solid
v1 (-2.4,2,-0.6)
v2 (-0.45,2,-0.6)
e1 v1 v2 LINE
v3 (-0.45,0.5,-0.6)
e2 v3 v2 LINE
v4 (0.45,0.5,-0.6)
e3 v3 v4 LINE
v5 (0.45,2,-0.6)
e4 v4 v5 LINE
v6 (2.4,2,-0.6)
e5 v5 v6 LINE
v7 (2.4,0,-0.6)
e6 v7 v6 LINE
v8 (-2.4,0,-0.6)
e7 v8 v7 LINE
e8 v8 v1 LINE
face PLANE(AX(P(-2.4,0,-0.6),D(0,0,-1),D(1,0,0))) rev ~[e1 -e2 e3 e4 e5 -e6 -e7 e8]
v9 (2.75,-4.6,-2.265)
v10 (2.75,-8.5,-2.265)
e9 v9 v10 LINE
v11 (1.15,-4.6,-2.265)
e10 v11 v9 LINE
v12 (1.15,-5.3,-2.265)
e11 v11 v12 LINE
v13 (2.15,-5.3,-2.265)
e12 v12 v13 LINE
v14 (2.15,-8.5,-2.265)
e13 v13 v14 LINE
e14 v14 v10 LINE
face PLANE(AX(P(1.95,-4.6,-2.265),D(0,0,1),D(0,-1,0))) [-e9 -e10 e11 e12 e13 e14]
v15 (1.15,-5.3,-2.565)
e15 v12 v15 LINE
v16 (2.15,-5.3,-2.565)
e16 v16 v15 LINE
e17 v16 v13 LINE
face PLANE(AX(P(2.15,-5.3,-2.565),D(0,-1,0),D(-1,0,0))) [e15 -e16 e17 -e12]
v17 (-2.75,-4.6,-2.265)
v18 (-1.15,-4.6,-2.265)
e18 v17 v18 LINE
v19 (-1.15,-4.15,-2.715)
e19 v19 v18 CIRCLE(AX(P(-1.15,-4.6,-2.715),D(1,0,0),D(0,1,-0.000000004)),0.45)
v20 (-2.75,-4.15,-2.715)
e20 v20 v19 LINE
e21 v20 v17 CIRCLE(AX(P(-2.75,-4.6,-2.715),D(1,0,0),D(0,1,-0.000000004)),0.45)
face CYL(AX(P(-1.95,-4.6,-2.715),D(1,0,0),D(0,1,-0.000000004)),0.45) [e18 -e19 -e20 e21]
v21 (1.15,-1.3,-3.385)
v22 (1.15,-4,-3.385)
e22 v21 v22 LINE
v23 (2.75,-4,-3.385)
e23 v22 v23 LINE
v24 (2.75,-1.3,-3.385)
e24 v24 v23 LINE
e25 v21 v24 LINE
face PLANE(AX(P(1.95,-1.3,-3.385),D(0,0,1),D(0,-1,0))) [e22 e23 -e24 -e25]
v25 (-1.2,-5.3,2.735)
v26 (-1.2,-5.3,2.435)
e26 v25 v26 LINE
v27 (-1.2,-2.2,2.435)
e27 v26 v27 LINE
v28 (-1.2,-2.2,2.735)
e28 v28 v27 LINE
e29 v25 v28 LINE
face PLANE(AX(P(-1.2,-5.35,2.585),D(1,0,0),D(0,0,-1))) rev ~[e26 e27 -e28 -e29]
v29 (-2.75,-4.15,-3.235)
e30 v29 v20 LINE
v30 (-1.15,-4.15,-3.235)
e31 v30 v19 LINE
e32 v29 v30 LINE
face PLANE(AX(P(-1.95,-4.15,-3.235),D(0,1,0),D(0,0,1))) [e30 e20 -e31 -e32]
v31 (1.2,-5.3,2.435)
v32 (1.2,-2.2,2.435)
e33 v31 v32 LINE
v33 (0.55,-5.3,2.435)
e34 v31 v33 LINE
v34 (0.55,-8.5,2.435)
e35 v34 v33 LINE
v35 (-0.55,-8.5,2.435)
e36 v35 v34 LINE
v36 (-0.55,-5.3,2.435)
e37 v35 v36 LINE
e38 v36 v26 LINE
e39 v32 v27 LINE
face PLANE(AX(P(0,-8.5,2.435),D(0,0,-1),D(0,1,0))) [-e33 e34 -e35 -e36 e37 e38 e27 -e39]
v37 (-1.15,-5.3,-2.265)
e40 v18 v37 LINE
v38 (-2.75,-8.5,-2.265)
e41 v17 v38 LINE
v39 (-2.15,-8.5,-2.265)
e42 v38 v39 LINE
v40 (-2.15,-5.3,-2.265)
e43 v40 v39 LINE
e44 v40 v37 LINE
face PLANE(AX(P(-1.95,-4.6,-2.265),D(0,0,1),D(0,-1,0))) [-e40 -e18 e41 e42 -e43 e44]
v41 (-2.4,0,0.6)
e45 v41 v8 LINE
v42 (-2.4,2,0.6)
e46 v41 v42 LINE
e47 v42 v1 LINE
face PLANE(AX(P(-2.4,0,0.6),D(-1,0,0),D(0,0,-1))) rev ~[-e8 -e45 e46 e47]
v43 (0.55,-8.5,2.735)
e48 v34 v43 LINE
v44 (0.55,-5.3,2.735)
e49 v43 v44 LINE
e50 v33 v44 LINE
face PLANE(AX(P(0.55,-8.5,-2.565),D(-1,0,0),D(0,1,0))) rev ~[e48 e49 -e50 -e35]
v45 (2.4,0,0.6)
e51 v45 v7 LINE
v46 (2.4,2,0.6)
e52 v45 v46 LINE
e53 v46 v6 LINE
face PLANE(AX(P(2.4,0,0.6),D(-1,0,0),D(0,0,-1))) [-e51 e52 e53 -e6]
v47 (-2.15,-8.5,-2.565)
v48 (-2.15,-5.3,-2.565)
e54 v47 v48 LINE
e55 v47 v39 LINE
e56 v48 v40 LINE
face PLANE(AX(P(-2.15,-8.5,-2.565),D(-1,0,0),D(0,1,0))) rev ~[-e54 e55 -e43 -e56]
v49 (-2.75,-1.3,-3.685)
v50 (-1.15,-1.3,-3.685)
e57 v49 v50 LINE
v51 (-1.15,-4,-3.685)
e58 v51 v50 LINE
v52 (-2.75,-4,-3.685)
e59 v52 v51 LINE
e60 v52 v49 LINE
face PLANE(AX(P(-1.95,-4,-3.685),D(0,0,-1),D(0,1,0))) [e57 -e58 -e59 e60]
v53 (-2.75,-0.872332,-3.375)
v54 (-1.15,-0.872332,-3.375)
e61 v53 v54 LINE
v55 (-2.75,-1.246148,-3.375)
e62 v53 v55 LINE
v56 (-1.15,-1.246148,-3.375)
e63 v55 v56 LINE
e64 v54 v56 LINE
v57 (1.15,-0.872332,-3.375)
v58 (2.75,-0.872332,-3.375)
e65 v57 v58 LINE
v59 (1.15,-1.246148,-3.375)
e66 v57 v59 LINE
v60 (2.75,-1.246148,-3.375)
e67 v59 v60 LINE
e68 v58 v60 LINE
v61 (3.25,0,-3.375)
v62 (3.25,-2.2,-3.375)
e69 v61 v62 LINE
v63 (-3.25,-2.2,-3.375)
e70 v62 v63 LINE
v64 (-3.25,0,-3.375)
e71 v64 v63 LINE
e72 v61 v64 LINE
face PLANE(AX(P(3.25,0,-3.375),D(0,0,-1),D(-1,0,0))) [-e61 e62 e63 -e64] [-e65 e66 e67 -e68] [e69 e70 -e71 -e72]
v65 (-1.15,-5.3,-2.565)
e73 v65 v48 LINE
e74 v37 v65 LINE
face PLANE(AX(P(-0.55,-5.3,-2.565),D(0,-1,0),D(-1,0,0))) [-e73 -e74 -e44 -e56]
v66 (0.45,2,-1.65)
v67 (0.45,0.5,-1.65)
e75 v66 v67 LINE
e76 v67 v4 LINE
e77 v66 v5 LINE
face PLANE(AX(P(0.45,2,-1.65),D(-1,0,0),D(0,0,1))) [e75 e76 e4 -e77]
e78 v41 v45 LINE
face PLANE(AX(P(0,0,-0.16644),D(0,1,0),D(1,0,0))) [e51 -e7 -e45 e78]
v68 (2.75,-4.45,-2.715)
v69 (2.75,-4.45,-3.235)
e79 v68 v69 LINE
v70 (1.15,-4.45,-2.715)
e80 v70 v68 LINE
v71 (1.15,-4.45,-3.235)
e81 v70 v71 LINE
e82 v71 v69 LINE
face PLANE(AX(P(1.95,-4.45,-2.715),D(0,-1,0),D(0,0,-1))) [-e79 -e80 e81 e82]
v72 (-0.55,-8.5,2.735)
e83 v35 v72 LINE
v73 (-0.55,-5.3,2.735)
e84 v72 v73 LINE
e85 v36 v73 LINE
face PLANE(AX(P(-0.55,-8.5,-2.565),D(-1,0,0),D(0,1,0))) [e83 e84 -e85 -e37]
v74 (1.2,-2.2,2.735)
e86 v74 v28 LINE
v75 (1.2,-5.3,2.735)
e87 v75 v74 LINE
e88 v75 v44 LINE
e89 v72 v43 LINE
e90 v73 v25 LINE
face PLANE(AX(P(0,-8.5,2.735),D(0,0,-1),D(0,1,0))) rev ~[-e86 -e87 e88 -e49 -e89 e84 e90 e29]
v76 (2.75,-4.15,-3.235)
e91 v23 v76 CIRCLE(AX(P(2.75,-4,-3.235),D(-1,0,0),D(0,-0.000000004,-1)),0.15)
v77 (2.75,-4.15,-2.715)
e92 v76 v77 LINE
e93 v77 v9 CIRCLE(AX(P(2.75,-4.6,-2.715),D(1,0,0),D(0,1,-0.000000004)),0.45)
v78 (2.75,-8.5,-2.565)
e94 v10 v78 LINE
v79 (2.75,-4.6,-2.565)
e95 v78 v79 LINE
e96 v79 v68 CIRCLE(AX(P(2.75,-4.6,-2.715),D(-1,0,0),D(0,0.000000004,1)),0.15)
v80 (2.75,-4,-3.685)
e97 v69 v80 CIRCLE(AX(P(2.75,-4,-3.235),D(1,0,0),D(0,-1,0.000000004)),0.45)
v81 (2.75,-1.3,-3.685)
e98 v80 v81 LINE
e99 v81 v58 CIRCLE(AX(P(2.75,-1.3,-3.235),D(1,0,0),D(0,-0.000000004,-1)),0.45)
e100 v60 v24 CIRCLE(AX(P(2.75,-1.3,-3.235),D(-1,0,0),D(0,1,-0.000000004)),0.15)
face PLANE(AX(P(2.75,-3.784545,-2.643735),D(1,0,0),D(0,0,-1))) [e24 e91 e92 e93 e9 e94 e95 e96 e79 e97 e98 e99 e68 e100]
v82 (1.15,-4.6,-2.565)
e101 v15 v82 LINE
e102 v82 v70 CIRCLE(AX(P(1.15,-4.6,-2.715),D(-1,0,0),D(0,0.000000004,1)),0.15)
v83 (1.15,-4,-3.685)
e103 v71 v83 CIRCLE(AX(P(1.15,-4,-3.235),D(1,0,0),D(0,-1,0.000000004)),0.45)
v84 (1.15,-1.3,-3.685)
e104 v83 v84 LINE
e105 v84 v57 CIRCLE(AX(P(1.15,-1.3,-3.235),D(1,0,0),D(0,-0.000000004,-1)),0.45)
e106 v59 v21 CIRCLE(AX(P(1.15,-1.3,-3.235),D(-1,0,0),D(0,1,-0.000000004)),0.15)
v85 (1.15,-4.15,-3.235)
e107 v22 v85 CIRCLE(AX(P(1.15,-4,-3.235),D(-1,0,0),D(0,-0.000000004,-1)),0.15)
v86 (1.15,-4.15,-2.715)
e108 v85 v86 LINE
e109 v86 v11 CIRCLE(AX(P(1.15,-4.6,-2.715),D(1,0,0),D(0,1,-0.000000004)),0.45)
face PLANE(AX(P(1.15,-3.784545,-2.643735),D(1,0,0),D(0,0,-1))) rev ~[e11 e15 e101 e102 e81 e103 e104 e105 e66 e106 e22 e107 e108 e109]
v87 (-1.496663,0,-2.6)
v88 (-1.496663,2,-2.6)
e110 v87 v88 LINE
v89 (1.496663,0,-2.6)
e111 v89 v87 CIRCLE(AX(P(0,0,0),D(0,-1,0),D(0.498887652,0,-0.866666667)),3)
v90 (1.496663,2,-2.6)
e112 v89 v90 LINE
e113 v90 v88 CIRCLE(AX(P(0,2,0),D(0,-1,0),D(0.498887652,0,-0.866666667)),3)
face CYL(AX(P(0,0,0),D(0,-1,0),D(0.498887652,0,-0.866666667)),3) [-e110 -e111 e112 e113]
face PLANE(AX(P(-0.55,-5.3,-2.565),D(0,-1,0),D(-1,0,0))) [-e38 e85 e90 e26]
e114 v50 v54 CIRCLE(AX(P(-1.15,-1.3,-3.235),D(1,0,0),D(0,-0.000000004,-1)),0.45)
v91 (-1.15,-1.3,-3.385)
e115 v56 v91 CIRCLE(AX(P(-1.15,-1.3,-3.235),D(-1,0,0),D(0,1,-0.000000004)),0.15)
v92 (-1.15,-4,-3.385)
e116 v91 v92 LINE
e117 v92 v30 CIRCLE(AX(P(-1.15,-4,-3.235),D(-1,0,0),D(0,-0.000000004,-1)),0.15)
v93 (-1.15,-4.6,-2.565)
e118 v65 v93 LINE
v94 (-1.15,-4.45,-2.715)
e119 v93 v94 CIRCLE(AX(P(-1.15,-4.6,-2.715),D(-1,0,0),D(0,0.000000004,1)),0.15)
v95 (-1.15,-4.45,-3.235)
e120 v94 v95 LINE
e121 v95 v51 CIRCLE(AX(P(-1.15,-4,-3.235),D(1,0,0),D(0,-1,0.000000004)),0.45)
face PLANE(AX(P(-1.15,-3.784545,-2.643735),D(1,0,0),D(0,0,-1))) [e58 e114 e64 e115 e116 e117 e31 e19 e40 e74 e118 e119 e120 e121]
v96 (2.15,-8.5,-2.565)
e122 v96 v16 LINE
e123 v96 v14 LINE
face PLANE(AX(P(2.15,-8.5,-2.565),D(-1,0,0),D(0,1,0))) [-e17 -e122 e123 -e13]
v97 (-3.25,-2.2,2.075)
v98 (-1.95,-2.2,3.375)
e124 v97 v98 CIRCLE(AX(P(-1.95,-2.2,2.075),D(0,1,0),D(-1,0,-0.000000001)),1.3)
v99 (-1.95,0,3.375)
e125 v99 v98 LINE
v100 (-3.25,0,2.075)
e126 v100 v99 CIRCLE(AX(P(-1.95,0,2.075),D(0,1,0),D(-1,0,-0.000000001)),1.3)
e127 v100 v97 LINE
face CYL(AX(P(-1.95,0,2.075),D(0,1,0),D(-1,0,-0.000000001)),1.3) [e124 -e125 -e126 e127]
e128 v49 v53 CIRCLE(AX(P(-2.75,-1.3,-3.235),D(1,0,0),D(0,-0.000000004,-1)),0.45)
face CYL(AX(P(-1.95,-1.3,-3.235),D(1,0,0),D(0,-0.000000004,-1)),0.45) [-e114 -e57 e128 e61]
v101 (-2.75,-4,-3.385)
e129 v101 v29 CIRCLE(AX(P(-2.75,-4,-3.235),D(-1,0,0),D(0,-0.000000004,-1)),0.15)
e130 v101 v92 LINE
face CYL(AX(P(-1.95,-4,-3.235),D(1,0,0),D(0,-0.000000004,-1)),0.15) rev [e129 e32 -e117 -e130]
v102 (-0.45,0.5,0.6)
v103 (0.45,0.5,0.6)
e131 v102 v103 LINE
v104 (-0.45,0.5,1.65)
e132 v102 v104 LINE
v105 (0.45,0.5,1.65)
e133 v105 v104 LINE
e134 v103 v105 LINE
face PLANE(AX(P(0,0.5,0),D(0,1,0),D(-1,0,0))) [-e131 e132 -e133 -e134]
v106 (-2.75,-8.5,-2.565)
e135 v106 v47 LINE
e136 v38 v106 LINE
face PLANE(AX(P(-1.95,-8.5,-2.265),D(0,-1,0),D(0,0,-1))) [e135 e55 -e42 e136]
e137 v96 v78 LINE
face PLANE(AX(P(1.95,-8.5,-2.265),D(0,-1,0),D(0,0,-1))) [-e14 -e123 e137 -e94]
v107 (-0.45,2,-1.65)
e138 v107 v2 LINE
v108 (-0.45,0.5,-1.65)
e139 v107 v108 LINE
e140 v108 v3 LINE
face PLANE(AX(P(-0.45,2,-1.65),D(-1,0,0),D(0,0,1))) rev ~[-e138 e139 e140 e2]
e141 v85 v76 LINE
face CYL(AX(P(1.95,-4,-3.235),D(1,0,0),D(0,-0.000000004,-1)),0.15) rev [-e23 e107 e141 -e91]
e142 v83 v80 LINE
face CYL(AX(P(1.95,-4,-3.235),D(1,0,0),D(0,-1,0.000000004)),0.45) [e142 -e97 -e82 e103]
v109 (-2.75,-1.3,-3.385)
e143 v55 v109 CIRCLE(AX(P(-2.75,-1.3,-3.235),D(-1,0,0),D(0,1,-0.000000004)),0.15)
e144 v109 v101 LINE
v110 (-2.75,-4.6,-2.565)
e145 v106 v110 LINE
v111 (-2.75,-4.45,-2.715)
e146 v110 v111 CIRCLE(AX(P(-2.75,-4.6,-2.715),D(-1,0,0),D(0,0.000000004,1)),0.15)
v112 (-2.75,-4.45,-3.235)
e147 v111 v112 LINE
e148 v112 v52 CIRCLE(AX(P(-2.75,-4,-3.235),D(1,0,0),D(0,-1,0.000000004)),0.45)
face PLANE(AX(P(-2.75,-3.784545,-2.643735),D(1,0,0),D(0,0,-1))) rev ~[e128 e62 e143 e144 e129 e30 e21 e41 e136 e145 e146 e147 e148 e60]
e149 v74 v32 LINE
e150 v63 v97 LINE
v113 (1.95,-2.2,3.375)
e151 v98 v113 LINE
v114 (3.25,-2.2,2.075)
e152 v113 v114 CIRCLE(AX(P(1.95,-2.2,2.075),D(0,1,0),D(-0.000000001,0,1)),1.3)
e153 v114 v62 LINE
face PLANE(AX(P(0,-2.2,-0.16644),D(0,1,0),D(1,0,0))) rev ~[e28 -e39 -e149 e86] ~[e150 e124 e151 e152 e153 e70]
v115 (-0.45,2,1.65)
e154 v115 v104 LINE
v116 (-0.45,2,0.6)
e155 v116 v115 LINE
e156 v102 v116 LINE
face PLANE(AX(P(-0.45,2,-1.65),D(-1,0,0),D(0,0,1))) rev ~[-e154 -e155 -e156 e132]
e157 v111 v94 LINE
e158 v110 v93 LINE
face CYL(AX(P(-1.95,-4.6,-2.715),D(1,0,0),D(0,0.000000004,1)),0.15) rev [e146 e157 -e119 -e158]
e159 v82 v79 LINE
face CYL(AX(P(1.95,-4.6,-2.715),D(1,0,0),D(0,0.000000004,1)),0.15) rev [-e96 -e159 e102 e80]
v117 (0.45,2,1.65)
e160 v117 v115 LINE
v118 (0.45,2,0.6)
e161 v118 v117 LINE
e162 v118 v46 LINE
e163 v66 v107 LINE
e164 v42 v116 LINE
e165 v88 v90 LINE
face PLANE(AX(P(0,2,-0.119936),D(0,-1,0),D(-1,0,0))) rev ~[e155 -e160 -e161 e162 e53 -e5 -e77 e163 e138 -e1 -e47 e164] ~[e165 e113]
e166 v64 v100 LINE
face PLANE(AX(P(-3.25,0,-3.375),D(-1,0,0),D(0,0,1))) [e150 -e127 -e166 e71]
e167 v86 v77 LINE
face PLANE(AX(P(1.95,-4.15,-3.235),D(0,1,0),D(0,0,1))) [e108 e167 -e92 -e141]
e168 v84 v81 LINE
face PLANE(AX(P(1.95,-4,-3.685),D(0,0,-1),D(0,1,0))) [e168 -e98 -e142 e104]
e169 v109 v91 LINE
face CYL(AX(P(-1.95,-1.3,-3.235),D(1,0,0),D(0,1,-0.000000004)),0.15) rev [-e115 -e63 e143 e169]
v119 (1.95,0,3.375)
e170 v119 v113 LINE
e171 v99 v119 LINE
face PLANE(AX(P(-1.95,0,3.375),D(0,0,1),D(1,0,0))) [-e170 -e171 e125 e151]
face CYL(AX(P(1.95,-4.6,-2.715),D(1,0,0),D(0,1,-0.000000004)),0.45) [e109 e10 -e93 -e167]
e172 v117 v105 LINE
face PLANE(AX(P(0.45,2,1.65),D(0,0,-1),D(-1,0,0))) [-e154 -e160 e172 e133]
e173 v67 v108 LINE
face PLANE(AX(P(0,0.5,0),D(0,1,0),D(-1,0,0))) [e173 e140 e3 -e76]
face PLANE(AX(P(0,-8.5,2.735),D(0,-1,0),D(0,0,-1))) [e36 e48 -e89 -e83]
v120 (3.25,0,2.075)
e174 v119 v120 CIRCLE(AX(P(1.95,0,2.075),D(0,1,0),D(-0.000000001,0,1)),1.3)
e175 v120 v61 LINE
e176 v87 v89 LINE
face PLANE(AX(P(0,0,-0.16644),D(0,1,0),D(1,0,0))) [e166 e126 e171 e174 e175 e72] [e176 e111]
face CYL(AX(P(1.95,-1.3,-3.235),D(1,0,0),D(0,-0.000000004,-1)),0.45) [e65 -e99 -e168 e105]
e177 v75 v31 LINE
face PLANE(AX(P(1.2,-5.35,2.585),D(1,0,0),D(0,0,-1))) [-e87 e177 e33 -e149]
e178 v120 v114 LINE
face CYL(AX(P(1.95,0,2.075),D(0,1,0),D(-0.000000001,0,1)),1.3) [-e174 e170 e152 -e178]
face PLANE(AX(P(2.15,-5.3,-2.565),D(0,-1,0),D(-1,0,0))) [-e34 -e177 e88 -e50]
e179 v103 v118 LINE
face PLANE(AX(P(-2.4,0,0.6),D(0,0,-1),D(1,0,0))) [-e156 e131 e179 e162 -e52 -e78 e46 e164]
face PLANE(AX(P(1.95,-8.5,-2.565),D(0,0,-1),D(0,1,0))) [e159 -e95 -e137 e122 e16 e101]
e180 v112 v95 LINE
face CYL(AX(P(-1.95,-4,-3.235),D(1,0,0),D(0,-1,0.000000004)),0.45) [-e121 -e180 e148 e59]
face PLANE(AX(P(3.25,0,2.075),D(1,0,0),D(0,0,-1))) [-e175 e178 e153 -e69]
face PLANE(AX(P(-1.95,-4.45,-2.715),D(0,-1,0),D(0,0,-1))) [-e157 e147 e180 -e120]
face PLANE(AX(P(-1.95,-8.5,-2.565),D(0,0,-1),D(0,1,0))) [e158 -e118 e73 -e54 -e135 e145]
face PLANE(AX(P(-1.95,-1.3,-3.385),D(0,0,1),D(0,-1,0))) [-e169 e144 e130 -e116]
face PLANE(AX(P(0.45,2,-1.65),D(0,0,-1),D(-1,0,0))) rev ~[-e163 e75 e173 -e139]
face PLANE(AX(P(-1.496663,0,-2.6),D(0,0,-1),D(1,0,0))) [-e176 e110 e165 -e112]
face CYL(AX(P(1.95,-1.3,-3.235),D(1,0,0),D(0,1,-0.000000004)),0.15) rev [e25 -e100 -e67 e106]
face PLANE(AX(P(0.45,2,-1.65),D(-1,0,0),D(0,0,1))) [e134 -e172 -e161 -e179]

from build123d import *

# Parameters (mm, degrees)
ESQUISSE1_W                = 4.8
ESQUISSE1_H                = 1.2
BOSS_EXTRU_1_DEPTH         = 2
ESQUISSE2_W                = 0.9
ESQUISSE2_H                = 3.3
ENL_V_MAT_EXTRU_1_DEPTH    = 1.5
BOSS_EXTRU_2_DEPTH         = 2.2
EXTRU_MINCE1_START         = -1.95
EXTRU_MINCE1_DEPTH         = 0.8
R_P_TITION_LIN_AIRE1_COUNT = 2
R_P_TITION_LIN_AIRE1_PITCH = 3.9
ESQUISSE5_W                = 0.3
ESQUISSE5_H                = 6.3
EXTRU_MINCE2_DEPTH         = 1.2
ESQUISSE6_W                = 1.6
ESQUISSE6_H                = 3.2
ENL_V_MAT_EXTRU_2_DEPTH    = 6.94


with BuildPart() as part:
    # Esquisse1 → Boss.-Extru.1 (new body)
    with BuildSketch(Plane(origin=(0, 0, 0), x_dir=(1, 0, 0), z_dir=(0, 1, 0))):
        with BuildLine():
            Line((-1.496662955, 2.6), (1.496662955, 2.6))
            ThreePointArc((1.496662955, 2.6), (0, -3), (-1.496662955, 2.6))
        make_face()
        Rectangle(ESQUISSE1_W, ESQUISSE1_H, mode=Mode.SUBTRACT)
    extrude(amount=BOSS_EXTRU_1_DEPTH)

    # Esquisse2 → Enlèv. mat.-Extru.1 (cut)
    with BuildSketch(Plane(origin=(0, 2, 0), x_dir=(-1, 0, 0), z_dir=(0, 1, 0))):
        Rectangle(ESQUISSE2_W, ESQUISSE2_H)
    extrude(amount=-ENL_V_MAT_EXTRU_1_DEPTH, mode=Mode.SUBTRACT)

    # Esquisse3 → Boss.-Extru.2 (add)
    with BuildSketch(Plane(origin=(0, 0, 0), x_dir=(1, 0, 0), z_dir=(0, 1, 0))):
        with BuildLine():
            Line((-1.95, -3.375), (1.95, -3.375))
            ThreePointArc((1.95, -3.375), (2.869238816, -2.994238816), (3.25, -2.075))
            Line((3.25, -2.075), (3.25, 3.375))
            Line((3.25, 3.375), (-3.25, 3.375))
            Line((-3.25, 3.375), (-3.25, -2.075))
            ThreePointArc((-3.25, -2.075), (-2.869238816, -2.994238816), (-1.95, -3.375))
        make_face()
    extrude(amount=-BOSS_EXTRU_2_DEPTH)

    # Esquisse4 → Extru.-Mince1 (add, symmetric)
    with BuildSketch(Plane(origin=(0, 0, 0), x_dir=(0, 0, -1), z_dir=(1, 0, 0)).offset(EXTRU_MINCE1_START)):
        with BuildLine():
            Line((0.543790291, -1.15), (3.235, -1.15))
            ThreePointArc((3.235, -1.15), (3.341066017, -1.193933983), (3.385, -1.3))
            Line((3.385, -1.3), (3.385, -4))
            ThreePointArc((3.385, -4), (3.341066017, -4.106066017), (3.235, -4.15))
            Line((3.235, -4.15), (2.715, -4.15))
            ThreePointArc((2.715, -4.15), (2.396801948, -4.281801948), (2.265, -4.6))
            Line((2.265, -4.6), (2.265, -8.5))
            Line((2.265, -8.5), (2.565, -8.5))
            Line((2.565, -8.5), (2.565, -4.6))
            ThreePointArc((2.565, -4.6), (2.608933983, -4.493933983), (2.715, -4.45))
            Line((2.715, -4.45), (3.235, -4.45))
            ThreePointArc((3.235, -4.45), (3.553198052, -4.318198052), (3.685, -4))
            Line((3.685, -4), (3.685, -1.3))
            ThreePointArc((3.685, -1.3), (3.553198052, -0.981801948), (3.235, -0.85))
            Line((3.235, -0.85), (0.543790291, -0.85))
            Line((0.543790291, -0.85), (0.543790291, -1.15))
        make_face()
    extru_mince1 = extrude(amount=EXTRU_MINCE1_DEPTH, both=True)

    # Répétition linéaire1: Extru.-Mince1 ×2
    with Locations(*[(i * R_P_TITION_LIN_AIRE1_PITCH, 0, 0) for i in range(1, R_P_TITION_LIN_AIRE1_COUNT)]):
        add(extru_mince1)

    # Esquisse5 → Extru.-Mince2 (add, symmetric)
    with BuildSketch(Plane(origin=(0, 0, 0), x_dir=(0, 0, -1), z_dir=(1, 0, 0))):
        with Locations((-2.585, -5.35)):
            Rectangle(ESQUISSE5_W, ESQUISSE5_H)
    extrude(amount=EXTRU_MINCE2_DEPTH, both=True)

    # Esquisse6 → Enlèv. mat.-Extru.2 (cut, through all)
    with BuildSketch(Plane(origin=(0, 0, -2.565), x_dir=(-1, 0, 0), z_dir=(0, 0, -1))):
        with Locations((-1.35, -6.9)):
            Rectangle(ESQUISSE6_W, ESQUISSE6_H)
        with Locations((1.35, -6.9)):
            Rectangle(ESQUISSE6_W, ESQUISSE6_H)
    extrude(amount=-ENL_V_MAT_EXTRU_2_DEPTH, mode=Mode.SUBTRACT)


solid = part.part
